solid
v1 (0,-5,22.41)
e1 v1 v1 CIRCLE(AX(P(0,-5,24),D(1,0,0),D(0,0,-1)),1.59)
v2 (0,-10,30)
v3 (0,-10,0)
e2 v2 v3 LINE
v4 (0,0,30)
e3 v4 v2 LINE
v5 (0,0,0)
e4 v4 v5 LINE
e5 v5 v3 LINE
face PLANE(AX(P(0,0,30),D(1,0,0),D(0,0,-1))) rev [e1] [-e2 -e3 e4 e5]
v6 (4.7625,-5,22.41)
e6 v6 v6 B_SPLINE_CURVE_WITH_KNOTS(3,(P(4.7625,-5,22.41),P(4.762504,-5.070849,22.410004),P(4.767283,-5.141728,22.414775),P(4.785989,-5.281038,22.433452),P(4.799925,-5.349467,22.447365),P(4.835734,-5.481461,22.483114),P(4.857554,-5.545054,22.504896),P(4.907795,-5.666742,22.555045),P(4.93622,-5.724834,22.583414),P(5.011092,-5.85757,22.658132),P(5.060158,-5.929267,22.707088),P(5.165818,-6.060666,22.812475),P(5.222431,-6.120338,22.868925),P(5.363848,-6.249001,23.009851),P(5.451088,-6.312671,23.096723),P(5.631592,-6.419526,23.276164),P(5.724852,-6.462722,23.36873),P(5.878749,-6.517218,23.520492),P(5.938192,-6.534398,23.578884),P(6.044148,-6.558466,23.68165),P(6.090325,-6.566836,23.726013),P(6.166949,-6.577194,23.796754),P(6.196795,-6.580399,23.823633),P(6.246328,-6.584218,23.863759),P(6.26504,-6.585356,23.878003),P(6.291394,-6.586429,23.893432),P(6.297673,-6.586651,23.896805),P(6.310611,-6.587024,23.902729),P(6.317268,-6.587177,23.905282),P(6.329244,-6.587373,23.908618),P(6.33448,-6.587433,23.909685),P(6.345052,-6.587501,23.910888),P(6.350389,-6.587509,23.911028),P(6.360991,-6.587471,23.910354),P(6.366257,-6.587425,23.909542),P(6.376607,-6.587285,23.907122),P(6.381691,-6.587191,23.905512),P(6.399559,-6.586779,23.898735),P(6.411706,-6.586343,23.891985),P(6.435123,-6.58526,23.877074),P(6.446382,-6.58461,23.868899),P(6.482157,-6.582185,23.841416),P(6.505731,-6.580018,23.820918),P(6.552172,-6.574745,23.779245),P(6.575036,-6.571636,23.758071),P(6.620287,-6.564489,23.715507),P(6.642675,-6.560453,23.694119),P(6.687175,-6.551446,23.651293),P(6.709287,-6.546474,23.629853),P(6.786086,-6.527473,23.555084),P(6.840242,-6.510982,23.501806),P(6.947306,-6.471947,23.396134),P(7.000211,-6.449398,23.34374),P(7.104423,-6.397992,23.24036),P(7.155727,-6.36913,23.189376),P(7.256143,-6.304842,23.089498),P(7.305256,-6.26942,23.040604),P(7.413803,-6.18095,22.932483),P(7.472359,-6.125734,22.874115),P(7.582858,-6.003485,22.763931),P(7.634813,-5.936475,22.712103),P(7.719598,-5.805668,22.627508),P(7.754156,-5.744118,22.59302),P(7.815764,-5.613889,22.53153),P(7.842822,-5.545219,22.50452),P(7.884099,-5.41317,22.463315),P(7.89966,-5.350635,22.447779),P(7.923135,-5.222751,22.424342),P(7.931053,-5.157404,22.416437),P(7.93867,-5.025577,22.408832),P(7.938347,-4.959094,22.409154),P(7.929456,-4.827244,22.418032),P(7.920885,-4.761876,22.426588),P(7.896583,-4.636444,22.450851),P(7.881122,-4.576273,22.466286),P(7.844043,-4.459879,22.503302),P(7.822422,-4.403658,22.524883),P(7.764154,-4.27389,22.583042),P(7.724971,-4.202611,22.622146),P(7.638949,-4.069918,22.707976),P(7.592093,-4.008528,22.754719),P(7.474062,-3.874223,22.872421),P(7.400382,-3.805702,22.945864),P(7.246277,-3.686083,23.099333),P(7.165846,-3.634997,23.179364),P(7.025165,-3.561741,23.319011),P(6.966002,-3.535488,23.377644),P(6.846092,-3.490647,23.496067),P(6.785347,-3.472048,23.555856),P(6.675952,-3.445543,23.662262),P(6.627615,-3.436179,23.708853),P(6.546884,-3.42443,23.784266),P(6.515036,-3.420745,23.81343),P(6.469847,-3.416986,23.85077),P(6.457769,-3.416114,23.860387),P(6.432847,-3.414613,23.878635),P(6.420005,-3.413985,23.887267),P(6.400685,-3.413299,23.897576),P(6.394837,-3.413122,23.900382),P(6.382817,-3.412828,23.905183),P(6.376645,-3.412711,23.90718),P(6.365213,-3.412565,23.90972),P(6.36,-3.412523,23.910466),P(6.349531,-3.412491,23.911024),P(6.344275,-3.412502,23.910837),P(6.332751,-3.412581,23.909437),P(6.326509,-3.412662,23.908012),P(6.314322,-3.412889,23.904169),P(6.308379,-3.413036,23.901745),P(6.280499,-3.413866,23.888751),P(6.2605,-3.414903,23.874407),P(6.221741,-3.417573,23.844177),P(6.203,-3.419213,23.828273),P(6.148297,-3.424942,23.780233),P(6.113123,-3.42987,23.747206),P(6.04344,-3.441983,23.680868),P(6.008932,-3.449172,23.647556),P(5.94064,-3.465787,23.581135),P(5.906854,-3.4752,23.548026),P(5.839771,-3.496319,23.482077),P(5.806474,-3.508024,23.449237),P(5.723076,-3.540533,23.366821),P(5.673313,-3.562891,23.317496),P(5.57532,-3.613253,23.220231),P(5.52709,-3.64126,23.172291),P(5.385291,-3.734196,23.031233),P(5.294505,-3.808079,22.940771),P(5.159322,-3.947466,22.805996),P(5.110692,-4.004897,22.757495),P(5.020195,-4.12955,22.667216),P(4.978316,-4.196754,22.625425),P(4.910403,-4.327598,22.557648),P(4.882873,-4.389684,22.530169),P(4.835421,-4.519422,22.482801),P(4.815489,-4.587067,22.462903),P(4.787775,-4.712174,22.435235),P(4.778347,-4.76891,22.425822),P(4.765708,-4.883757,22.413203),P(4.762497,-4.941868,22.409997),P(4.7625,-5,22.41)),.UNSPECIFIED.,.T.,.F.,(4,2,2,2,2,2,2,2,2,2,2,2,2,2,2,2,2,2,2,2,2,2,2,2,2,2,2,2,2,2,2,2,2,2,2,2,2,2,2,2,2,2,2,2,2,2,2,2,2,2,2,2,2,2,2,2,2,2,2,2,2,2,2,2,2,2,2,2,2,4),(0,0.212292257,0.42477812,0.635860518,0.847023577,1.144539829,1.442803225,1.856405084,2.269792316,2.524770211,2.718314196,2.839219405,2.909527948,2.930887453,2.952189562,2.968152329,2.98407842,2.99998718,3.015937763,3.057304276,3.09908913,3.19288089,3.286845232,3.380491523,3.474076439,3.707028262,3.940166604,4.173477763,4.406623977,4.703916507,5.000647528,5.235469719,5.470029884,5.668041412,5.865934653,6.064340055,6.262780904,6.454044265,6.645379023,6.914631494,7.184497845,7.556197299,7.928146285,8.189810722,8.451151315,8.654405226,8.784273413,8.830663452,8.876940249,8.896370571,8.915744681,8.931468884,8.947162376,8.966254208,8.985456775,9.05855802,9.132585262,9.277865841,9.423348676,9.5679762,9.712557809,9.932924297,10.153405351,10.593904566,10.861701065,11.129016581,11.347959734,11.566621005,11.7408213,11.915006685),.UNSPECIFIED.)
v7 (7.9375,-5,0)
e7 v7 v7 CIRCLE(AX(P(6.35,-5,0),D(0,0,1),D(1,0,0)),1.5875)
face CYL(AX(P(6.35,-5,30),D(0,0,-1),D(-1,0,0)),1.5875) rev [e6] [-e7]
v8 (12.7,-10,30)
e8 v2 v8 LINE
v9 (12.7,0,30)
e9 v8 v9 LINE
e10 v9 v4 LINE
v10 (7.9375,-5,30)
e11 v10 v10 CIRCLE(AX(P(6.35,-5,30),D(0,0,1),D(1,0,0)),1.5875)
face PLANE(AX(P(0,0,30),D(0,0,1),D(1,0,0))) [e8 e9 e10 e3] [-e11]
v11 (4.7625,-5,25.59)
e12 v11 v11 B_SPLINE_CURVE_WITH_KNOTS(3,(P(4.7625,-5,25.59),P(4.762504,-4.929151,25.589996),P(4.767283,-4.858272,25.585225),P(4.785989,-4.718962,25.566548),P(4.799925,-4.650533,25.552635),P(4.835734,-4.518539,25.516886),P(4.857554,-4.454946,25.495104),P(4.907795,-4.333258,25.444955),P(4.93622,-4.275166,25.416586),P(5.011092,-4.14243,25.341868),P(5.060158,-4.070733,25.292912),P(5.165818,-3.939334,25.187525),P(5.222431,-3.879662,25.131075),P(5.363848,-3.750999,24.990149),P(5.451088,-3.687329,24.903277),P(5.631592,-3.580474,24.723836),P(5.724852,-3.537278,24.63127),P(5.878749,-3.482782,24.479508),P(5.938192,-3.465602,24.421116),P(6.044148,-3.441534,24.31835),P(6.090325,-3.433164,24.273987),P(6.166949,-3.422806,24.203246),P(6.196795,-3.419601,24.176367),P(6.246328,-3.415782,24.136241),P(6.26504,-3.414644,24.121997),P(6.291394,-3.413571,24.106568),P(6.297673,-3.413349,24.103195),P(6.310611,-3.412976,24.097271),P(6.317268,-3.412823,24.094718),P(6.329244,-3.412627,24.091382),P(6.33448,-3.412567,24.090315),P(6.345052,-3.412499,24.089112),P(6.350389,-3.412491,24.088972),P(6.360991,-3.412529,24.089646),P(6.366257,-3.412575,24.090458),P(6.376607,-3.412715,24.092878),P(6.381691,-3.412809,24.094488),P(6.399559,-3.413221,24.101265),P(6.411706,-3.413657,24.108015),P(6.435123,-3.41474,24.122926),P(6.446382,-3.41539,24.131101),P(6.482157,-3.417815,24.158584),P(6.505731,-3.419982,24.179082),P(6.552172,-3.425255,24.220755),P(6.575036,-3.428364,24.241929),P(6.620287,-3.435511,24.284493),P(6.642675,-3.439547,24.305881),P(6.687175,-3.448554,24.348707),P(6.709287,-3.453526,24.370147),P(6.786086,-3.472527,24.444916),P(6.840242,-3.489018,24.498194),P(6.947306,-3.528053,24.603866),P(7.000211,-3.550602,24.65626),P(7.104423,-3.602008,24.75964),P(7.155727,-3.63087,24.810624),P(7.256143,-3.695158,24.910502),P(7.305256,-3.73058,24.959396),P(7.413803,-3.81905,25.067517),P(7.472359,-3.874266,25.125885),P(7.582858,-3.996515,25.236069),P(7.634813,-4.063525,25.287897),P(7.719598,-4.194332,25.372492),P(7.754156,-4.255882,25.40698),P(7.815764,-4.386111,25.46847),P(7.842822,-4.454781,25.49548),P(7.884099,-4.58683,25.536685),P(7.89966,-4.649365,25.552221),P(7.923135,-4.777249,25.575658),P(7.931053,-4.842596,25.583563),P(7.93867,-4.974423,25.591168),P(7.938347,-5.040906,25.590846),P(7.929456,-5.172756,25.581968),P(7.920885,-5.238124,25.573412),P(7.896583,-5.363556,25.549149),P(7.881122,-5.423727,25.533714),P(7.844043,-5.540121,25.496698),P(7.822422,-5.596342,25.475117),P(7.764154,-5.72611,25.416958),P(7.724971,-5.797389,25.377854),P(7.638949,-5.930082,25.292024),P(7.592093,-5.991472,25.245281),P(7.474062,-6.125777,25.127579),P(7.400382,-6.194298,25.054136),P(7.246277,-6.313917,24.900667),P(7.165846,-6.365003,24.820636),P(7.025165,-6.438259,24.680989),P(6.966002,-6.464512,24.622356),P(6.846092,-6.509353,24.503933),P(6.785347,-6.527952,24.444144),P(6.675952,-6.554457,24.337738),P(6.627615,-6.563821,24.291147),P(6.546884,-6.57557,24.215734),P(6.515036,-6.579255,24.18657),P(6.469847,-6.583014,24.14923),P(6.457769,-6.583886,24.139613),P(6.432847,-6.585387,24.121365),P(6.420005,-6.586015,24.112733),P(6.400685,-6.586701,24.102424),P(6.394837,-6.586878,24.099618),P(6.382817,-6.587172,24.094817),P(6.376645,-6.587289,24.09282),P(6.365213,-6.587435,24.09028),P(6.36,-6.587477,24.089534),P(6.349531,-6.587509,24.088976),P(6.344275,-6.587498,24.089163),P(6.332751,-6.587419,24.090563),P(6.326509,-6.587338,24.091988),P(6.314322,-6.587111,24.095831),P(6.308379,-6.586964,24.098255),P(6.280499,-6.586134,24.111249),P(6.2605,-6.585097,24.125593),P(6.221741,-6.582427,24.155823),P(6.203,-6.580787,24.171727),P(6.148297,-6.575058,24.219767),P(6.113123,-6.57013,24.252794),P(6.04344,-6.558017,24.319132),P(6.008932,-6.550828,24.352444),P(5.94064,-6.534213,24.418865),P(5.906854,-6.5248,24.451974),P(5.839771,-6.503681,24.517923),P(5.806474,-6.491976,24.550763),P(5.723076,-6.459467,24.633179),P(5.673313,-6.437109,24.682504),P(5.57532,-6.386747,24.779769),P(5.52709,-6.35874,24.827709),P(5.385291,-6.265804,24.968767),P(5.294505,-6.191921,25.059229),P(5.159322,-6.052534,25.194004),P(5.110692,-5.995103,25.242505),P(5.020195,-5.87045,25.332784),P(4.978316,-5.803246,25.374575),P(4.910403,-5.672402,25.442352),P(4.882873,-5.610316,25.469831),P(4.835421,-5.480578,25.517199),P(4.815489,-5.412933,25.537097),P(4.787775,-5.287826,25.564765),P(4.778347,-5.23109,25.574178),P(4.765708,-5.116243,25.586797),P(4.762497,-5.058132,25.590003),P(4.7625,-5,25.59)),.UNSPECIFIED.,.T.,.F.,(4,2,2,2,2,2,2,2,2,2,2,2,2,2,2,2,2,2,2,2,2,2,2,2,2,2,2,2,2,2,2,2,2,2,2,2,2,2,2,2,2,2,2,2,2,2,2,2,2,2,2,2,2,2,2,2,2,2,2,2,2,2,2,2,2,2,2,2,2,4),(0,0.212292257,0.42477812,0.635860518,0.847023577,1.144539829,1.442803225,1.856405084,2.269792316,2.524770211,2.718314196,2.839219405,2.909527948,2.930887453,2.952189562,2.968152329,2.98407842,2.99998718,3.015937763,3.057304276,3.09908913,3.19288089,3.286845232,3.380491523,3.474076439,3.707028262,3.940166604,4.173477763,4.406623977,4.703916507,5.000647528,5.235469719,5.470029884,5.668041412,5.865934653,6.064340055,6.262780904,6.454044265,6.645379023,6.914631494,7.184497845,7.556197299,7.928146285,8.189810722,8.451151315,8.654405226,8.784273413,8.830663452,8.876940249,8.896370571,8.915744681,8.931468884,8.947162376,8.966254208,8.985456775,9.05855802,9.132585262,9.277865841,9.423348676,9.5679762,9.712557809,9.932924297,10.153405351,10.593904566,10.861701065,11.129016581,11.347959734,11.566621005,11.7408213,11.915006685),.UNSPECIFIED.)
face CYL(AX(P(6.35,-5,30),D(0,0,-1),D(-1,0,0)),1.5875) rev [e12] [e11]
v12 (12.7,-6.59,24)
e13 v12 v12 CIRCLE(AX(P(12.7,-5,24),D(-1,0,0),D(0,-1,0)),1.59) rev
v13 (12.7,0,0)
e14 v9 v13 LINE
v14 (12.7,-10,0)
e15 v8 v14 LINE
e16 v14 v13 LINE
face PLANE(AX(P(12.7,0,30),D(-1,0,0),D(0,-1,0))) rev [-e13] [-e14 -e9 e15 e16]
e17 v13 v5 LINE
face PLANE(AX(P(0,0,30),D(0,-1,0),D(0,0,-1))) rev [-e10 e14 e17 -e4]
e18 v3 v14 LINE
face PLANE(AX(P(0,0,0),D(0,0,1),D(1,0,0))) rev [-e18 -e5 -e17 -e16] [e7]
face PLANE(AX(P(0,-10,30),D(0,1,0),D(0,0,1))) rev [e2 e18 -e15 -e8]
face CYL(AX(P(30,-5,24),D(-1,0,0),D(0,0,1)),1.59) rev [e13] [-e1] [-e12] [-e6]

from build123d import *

# Parameters (mm, degrees)
SKETCH1_W           = 12.7
SKETCH1_H           = 10
SKETCH1_R           = 1.5875
BOSS_EXTRUDE1_DEPTH = 30
SKETCH2_R           = 1.59
CUT_EXTRUDE1_DEPTH  = 30


with BuildPart() as part:
    # Sketch1 → Boss-Extrude1 (new body)
    with BuildSketch(Plane.XY):
        with Locations((6.35, -5)):
            Rectangle(SKETCH1_W, SKETCH1_H)
        with Locations((6.35, -5)):
            Circle(SKETCH1_R, mode=Mode.SUBTRACT)
    extrude(amount=BOSS_EXTRUDE1_DEPTH)

    # Sketch2 → Cut-Extrude1 (cut)
    with BuildSketch(Plane(origin=(0, 0, 0), x_dir=(0, 0, -1), z_dir=(1, 0, 0))):
        with Locations((-24, -5)):
            Circle(SKETCH2_R)
    extrude(amount=CUT_EXTRUDE1_DEPTH, mode=Mode.SUBTRACT)


solid = part.part
